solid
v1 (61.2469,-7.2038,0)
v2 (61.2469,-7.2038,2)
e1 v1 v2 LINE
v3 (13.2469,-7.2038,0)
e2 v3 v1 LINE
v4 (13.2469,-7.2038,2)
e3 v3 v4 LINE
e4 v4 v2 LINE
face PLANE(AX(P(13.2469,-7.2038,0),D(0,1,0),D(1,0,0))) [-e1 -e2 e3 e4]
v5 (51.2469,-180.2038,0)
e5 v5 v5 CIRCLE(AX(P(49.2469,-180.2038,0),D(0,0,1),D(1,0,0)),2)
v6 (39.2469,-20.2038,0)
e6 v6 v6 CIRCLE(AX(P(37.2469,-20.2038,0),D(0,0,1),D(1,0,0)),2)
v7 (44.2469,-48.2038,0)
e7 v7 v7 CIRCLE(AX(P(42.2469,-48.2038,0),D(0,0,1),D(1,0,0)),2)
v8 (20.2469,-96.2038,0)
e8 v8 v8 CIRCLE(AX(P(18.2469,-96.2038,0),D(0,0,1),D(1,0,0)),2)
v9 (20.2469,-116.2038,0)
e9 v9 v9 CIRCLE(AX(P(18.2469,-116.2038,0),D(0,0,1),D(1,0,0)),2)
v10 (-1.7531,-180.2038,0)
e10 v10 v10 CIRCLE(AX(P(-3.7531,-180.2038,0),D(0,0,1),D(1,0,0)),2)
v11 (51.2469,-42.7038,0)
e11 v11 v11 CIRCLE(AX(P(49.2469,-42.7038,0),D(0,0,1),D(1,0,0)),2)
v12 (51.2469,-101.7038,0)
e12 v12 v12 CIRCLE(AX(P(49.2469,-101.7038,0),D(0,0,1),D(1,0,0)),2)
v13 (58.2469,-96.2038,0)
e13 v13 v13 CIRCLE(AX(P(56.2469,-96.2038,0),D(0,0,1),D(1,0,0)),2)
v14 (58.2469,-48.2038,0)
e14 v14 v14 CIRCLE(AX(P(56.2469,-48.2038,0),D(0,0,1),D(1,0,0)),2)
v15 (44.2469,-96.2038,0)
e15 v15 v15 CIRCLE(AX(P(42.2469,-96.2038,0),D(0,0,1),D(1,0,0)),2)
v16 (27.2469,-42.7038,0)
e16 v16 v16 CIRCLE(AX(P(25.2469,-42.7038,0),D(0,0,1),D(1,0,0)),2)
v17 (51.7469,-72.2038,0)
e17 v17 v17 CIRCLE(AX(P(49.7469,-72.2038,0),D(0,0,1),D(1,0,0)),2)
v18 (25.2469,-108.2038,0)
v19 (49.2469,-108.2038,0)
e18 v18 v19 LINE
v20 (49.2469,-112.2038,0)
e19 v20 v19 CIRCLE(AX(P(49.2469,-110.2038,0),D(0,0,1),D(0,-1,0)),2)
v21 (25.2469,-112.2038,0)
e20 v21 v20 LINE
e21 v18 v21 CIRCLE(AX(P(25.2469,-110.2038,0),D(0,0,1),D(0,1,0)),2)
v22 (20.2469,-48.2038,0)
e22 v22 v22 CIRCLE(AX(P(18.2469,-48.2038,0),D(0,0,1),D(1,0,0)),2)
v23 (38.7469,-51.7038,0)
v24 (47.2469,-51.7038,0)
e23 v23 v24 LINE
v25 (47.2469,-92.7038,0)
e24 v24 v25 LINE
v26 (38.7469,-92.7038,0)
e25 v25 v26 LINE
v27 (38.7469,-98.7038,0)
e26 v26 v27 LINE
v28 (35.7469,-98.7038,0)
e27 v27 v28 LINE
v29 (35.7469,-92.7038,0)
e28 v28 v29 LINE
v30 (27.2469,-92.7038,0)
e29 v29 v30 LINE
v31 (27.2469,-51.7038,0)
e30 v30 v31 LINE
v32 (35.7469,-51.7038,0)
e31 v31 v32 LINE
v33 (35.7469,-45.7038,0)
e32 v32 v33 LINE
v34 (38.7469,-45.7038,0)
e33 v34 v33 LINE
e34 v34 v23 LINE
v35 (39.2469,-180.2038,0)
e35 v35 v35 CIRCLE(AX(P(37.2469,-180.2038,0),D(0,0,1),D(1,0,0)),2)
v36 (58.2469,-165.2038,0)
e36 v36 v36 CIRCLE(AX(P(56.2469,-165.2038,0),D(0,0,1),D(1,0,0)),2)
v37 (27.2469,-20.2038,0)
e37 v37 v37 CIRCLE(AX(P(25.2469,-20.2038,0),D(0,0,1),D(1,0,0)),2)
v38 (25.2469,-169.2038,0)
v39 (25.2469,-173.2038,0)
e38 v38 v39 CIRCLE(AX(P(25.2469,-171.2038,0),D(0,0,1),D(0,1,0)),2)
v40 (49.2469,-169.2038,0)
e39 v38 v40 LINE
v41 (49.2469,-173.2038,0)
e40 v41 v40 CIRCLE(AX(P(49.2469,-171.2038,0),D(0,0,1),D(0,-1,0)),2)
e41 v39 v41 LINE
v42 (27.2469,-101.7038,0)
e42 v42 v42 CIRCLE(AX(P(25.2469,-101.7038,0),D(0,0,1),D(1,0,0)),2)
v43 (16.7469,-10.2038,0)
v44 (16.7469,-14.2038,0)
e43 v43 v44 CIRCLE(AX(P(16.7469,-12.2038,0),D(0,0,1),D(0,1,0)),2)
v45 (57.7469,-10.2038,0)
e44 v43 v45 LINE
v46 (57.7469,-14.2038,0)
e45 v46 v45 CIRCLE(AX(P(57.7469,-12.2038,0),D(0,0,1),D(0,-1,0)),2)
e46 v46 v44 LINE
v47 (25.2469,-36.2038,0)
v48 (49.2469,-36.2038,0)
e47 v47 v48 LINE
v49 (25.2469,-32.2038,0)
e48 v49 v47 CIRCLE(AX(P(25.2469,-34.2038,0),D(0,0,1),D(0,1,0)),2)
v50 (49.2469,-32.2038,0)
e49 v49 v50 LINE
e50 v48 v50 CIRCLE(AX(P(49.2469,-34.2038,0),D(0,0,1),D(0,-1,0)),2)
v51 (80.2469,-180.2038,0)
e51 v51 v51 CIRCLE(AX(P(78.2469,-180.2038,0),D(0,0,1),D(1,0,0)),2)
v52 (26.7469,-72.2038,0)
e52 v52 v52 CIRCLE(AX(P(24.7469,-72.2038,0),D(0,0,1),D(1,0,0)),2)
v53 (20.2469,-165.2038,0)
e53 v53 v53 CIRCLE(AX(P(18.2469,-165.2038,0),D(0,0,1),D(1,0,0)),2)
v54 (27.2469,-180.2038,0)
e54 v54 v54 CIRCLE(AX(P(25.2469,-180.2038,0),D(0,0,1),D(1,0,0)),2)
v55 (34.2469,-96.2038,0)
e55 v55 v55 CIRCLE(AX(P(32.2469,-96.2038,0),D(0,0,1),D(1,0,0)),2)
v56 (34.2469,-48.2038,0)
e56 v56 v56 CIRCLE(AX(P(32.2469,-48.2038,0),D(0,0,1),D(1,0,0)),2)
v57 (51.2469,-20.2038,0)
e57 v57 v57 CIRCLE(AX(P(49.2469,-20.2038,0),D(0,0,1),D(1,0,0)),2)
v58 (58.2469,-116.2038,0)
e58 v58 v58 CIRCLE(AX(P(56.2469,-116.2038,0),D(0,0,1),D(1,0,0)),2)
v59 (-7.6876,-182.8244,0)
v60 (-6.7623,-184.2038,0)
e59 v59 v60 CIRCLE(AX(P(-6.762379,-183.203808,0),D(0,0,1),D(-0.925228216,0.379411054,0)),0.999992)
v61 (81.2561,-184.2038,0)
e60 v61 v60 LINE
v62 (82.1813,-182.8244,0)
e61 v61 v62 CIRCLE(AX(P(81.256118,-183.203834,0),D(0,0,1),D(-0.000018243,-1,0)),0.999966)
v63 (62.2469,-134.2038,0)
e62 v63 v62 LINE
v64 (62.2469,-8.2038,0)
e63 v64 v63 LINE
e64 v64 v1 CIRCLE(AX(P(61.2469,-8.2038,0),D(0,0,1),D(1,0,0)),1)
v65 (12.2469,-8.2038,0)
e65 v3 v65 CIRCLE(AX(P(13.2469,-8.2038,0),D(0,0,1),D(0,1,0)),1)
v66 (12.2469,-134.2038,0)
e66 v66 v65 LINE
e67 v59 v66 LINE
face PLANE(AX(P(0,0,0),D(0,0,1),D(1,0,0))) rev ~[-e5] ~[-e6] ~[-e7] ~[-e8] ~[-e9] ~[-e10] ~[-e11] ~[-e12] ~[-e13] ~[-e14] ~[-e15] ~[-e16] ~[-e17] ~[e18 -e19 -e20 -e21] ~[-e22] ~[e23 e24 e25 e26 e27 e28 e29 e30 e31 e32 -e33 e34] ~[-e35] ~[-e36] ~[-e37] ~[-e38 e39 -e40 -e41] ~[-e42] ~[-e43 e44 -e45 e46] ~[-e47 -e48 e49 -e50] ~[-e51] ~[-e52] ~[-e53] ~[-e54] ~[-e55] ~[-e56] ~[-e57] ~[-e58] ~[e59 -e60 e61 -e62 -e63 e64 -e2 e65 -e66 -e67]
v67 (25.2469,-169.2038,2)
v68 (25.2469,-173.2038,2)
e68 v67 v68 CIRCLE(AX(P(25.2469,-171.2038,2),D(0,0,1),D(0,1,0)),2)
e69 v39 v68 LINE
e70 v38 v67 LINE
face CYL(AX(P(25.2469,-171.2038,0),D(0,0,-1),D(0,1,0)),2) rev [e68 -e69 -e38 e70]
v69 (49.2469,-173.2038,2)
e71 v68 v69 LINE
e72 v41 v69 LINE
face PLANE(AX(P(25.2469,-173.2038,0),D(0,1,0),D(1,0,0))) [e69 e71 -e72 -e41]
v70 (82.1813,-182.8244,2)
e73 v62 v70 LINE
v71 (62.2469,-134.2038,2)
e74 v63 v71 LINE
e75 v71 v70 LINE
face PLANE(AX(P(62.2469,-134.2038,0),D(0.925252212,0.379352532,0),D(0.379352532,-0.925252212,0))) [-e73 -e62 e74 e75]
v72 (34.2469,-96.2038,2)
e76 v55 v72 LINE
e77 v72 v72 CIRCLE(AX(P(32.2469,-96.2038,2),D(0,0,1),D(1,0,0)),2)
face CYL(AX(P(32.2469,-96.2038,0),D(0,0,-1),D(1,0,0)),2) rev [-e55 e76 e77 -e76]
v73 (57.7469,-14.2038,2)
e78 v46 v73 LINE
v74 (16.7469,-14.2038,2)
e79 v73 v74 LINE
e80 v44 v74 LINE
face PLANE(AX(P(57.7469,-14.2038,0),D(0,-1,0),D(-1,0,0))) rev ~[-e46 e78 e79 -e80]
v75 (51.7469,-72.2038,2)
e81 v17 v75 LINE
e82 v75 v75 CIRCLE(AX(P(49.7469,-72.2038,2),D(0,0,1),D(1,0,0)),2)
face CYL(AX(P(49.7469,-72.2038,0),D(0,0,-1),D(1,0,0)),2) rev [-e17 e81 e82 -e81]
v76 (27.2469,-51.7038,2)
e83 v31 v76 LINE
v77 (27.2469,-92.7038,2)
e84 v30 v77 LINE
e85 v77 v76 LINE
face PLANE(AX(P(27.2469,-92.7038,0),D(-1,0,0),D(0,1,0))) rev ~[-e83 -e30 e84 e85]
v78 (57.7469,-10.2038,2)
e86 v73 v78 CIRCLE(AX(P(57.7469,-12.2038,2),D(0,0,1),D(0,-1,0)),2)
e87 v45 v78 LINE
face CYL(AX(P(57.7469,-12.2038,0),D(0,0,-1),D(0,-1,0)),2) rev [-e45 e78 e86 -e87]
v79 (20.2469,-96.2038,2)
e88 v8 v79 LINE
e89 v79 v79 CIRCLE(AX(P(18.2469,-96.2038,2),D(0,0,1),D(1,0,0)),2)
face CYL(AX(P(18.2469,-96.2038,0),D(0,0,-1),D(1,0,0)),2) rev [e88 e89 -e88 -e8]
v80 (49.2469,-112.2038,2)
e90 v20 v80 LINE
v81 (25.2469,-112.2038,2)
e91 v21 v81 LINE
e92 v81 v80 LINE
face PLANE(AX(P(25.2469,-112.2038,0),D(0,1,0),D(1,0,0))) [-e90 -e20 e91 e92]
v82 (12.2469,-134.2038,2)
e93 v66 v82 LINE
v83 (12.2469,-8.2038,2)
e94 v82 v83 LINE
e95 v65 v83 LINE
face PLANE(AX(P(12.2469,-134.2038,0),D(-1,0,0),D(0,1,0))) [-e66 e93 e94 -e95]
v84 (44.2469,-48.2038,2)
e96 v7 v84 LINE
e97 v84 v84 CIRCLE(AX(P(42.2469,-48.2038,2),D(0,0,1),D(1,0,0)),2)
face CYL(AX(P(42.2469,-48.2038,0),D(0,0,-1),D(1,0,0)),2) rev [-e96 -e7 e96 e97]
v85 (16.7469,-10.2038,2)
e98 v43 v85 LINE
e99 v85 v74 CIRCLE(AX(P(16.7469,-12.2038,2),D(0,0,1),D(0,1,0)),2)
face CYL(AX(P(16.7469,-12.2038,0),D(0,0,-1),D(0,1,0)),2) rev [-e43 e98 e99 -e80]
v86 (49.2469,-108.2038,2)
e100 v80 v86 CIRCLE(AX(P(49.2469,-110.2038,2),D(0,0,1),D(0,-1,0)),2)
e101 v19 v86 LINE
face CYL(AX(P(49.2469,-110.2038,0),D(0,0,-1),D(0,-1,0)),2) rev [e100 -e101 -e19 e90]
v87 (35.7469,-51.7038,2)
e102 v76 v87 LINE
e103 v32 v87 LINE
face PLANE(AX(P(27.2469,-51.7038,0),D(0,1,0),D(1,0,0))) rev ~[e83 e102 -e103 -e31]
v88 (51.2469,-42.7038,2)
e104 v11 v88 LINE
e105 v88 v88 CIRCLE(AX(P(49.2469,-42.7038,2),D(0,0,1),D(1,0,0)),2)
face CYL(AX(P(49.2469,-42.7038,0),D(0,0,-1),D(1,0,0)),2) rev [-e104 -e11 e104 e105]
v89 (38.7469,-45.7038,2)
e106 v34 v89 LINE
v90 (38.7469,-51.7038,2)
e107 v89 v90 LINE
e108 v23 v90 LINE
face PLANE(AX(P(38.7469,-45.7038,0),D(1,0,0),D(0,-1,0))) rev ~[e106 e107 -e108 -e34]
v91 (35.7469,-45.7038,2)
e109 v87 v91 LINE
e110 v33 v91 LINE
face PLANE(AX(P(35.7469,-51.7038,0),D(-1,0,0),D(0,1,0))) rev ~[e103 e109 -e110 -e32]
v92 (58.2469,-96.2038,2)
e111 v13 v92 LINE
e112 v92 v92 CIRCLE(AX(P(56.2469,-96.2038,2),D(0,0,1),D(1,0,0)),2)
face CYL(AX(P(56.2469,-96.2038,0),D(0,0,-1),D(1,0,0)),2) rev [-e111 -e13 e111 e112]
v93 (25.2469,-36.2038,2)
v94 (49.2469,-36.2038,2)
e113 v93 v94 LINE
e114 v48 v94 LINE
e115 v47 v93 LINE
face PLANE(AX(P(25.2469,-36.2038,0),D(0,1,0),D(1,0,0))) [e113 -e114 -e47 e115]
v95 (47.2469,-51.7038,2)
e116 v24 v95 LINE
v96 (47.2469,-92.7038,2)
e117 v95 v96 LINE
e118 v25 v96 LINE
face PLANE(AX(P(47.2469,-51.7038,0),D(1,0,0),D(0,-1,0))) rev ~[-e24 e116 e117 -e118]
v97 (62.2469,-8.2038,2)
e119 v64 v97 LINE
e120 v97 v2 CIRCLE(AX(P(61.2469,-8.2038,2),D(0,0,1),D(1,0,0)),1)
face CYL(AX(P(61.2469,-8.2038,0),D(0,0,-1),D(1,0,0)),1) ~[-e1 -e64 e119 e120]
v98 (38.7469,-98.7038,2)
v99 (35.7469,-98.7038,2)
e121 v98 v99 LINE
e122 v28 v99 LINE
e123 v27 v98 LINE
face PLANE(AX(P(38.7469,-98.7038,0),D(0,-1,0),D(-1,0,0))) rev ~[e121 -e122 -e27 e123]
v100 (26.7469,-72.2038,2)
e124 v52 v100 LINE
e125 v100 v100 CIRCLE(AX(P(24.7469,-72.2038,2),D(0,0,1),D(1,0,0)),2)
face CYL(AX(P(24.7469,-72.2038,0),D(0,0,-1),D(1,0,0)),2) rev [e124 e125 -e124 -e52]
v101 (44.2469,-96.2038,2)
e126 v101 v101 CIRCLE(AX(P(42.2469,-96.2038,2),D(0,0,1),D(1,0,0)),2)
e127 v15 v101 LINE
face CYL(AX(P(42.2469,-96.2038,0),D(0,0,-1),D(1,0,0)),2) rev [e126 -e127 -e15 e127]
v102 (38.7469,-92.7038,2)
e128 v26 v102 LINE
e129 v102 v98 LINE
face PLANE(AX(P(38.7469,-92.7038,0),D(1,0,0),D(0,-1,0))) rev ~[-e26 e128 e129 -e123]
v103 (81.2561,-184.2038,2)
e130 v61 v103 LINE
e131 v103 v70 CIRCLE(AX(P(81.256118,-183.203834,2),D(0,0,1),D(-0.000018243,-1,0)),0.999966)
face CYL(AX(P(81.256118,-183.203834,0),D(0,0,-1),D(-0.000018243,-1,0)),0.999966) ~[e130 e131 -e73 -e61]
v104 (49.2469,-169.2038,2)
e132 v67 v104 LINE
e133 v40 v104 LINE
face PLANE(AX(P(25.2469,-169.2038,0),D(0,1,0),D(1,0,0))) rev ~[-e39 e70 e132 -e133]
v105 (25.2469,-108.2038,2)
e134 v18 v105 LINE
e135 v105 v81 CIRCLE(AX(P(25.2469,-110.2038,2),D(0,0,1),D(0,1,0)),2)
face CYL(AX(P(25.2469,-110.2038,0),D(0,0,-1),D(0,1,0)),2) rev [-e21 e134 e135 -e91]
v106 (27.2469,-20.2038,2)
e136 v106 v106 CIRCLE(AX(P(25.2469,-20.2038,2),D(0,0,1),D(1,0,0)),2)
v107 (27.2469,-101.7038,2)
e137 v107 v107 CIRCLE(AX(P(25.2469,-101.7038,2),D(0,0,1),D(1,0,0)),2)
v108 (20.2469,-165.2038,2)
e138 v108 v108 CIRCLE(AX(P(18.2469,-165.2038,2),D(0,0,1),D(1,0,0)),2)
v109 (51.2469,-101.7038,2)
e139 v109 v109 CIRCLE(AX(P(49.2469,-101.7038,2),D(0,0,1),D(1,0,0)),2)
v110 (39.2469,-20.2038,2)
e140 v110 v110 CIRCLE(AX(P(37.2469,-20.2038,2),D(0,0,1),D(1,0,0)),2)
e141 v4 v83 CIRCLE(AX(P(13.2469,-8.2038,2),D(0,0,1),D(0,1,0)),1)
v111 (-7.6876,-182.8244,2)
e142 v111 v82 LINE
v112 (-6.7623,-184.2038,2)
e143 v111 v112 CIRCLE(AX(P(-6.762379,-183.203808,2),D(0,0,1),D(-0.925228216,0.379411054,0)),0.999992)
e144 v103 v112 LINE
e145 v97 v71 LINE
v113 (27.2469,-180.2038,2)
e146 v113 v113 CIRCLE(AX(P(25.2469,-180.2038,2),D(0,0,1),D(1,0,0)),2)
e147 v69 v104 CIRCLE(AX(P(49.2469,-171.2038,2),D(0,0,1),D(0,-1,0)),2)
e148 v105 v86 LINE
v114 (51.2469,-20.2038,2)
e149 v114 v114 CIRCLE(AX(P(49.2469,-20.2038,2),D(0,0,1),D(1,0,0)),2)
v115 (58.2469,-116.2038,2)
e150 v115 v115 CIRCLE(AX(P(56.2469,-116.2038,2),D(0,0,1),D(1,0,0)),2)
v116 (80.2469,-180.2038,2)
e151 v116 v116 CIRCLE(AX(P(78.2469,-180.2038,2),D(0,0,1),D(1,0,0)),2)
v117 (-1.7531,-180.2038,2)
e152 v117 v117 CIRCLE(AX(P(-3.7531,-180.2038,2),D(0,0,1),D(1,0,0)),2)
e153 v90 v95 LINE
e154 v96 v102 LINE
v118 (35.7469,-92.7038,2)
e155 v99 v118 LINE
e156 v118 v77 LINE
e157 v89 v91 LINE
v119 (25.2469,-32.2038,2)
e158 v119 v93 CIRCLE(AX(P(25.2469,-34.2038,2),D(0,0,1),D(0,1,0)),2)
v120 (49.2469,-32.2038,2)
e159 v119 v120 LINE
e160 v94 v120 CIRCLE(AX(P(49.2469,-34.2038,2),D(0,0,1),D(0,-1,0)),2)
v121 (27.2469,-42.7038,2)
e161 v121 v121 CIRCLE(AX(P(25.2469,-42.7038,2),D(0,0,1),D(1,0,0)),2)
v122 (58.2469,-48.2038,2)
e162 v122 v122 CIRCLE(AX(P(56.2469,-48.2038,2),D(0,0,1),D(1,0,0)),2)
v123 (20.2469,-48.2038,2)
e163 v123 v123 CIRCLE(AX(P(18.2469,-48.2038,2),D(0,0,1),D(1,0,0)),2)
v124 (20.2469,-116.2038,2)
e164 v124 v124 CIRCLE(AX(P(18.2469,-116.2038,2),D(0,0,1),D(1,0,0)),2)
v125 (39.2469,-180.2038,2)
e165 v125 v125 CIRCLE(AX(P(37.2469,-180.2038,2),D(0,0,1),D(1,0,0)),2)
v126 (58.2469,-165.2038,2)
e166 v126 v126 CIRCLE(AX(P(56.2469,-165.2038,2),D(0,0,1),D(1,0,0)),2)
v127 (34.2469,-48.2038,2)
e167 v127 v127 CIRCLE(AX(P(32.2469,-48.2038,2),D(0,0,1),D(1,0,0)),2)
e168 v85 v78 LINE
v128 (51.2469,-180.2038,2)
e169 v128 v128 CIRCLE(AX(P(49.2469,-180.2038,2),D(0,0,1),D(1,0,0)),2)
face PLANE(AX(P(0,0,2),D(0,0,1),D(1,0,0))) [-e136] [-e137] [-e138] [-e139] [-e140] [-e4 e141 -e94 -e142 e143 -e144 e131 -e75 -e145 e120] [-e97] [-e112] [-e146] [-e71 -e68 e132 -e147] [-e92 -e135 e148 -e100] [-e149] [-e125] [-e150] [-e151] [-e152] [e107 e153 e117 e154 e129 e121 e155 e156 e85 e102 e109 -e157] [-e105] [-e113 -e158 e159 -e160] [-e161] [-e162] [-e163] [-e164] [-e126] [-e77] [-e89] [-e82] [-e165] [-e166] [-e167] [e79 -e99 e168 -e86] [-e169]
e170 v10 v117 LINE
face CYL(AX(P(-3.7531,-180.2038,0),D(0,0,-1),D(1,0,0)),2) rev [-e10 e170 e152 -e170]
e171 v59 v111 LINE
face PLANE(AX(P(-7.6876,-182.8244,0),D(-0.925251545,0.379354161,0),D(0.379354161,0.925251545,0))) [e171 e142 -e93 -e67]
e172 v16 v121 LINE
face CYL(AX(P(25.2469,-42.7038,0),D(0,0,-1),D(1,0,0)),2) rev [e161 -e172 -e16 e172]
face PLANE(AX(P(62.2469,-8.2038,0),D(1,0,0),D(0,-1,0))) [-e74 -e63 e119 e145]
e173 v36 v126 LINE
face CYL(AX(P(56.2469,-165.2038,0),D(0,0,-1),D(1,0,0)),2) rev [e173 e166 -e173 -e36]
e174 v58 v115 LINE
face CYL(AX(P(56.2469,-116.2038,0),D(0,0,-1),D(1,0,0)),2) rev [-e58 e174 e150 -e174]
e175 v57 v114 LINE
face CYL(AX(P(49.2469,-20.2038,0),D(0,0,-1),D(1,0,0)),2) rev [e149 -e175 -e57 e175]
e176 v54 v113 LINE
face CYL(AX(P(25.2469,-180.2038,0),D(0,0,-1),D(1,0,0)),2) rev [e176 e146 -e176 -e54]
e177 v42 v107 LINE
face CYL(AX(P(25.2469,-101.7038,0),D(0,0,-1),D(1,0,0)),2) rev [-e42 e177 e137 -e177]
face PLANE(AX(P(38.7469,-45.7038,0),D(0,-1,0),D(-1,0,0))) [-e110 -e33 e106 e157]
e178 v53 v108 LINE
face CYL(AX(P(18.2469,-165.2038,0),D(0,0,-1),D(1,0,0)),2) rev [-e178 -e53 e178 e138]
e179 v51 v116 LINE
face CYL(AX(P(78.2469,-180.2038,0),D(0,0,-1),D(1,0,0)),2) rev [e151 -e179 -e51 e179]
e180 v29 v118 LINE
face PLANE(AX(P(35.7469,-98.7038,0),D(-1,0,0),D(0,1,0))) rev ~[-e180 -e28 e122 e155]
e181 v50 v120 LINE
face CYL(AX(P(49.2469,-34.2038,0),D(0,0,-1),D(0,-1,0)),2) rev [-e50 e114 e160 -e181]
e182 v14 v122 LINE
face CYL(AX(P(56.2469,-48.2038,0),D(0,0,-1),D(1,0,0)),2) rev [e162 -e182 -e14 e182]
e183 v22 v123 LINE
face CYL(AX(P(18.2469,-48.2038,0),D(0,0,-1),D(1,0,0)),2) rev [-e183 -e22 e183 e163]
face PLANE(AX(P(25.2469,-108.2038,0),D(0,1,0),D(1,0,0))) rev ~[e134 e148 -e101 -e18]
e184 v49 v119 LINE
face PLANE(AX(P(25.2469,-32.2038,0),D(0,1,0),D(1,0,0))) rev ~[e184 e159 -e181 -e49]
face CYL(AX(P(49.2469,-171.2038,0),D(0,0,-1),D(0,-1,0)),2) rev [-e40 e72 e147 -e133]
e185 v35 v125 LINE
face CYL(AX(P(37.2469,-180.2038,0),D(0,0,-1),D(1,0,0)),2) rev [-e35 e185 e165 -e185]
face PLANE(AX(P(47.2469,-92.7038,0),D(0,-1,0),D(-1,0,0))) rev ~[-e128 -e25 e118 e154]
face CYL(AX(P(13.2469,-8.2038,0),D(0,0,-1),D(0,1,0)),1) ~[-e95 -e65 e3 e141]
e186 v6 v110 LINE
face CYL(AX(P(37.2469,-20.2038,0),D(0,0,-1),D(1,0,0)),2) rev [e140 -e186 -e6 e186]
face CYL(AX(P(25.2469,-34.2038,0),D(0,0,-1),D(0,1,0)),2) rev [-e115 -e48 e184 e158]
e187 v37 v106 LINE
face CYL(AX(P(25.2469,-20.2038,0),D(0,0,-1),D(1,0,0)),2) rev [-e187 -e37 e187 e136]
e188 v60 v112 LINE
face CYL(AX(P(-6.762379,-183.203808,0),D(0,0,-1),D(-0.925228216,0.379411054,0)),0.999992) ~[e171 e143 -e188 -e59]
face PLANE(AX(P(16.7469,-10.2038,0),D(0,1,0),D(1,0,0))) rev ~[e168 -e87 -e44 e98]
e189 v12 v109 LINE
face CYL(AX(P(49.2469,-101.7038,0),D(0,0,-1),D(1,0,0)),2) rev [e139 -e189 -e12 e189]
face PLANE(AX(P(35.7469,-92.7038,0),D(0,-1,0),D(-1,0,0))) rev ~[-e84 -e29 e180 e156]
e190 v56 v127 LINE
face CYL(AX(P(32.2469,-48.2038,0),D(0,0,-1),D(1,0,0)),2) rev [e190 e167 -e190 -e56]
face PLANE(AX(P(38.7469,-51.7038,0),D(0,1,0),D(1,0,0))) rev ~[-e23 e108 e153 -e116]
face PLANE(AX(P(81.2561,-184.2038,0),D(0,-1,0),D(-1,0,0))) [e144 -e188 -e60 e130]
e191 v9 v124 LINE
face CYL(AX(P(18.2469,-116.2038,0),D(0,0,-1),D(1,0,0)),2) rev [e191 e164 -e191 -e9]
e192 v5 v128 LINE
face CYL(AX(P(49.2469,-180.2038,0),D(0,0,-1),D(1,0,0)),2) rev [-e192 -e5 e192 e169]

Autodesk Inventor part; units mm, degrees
ref_plane "YZ Plane" through (0, 0, 0) normal (1, 0, 0) x (0, 1, 0)
ref_plane "XZ Plane" through (0, 0, 0) normal (0, 1, 0) x (-1, 0, 0)
ref_plane "XY Plane" through (0, 0, 0) normal (0, 0, 1) x (1, 0, 0)
sketch "Эскиз1" plane through (0, 0, 0) normal (0, 0, 1) x (1, 0, 0)
  line L0 (13.2469, -7.2038) -> (61.2469, -7.2038)
  line L1 (62.2469, -8.2038) -> (62.2469, -134.2038)
  line L2 (81.2561, -184.2038) -> (-6.7623, -184.2038)
  line L3 (12.2469, -134.2038) -> (12.2469, -8.2038)
  line L4 (-7.6876, -182.8244) -> (12.2469, -134.2038)
  line L5 (62.2469, -134.2038) -> (82.1813, -182.8244)
  circle A0 centre (25.2469, -180.2038) radius 2
  circle A1 centre (78.2469, -180.2038) radius 2
  arc A2 (-7.6876, -182.8244) -> (-6.7623, -184.2038) centre (-6.7623, -183.2038) ccw
  arc A3 (81.2561, -184.2038) -> (82.1813, -182.8244) centre (81.2561, -183.2038) ccw
  arc A4 (62.2469, -8.2038) -> (61.2469, -7.2038) centre (61.2469, -8.2038) ccw
  arc A5 (13.2469, -7.2038) -> (12.2469, -8.2038) centre (13.2469, -8.2038) ccw
  arc A6 (57.7469, -14.2038) -> (57.7469, -10.2038) centre (57.7469, -12.2038) ccw
  arc A7 (16.7469, -10.2038) -> (16.7469, -14.2038) centre (16.7469, -12.2038) ccw
  line L6 (16.7469, -10.2038) -> (57.7469, -10.2038)
  line L7 (57.7469, -14.2038) -> (16.7469, -14.2038)
  circle A8 centre (49.2469, -20.2038) radius 2
  line L8 (38.7469, -45.7038) -> (35.7469, -45.7038)
  line L9 (38.7469, -45.7038) -> (38.7469, -51.7038)
  line L10 (38.7469, -51.7038) -> (47.2469, -51.7038)
  line L11 (47.2469, -51.7038) -> (47.2469, -92.7038)
  line L12 (47.2469, -92.7038) -> (38.7469, -92.7038)
  line L13 (38.7469, -92.7038) -> (38.7469, -98.7038)
  line L14 (38.7469, -98.7038) -> (35.7469, -98.7038)
  line L15 (35.7469, -98.7038) -> (35.7469, -92.7038)
  line L16 (35.7469, -92.7038) -> (27.2469, -92.7038)
  line L17 (27.2469, -92.7038) -> (27.2469, -51.7038)
  line L18 (27.2469, -51.7038) -> (35.7469, -51.7038)
  line L19 (35.7469, -51.7038) -> (35.7469, -45.7038)
  circle A9 centre (24.7469, -72.2038) radius 2
  circle A10 centre (49.7469, -72.2038) radius 2
  arc A11 (25.2469, -32.2038) -> (25.2469, -36.2038) centre (25.2469, -34.2038) ccw
  line L20 (25.2469, -32.2038) -> (49.2469, -32.2038)
  line L21 (25.2469, -36.2038) -> (49.2469, -36.2038)
  arc A12 (49.2469, -36.2038) -> (49.2469, -32.2038) centre (49.2469, -34.2038) ccw
  arc A13 (49.2469, -36.2038) -> (49.2469, -32.2038) centre (49.2469, -34.2038) ccw
  circle A14 centre (42.2469, -48.2038) radius 2
  circle A15 centre (49.2469, -42.7038) radius 2
  circle A16 centre (56.2469, -48.2038) radius 2
  circle A17 centre (32.2469, -48.2038) radius 2
  circle A18 centre (25.2469, -42.7038) radius 2
  circle A19 centre (18.2469, -48.2038) radius 2
  arc A20 (25.2469, -108.2038) -> (25.2469, -112.2038) centre (25.2469, -110.2038) ccw
  line L22 (25.2469, -112.2038) -> (49.2469, -112.2038)
  line L23 (25.2469, -108.2038) -> (49.2469, -108.2038)
  arc A21 (49.2469, -112.2038) -> (49.2469, -108.2038) centre (49.2469, -110.2038) ccw
  arc A22 (49.2469, -112.2038) -> (49.2469, -108.2038) centre (49.2469, -110.2038) ccw
  circle A23 centre (42.2469, -96.2038) radius 2
  circle A24 centre (49.2469, -101.7038) radius 2
  circle A25 centre (56.2469, -96.2038) radius 2
  circle A26 centre (18.2469, -96.2038) radius 2
  circle A27 centre (32.2469, -96.2038) radius 2
  circle A28 centre (25.2469, -101.7038) radius 2
  circle A29 centre (56.2469, -116.2038) radius 2
  circle A30 centre (18.2469, -116.2038) radius 2
  arc A31 (49.2469, -173.2038) -> (49.2469, -169.2038) centre (49.2469, -171.2038) ccw
  arc A32 (25.2469, -169.2038) -> (25.2469, -173.2038) centre (25.2469, -171.2038) ccw
  line L24 (25.2469, -169.2038) -> (49.2469, -169.2038)
  line L25 (25.2469, -173.2038) -> (49.2469, -173.2038)
  circle A33 centre (49.2469, -180.2038) radius 2
  circle A34 centre (37.2469, -180.2038) radius 2
  circle A35 centre (56.2469, -165.2038) radius 2
  circle A36 centre (18.2469, -165.2038) radius 2
  circle A37 centre (-3.7531, -180.2038) radius 2
  circle A38 centre (37.2469, -20.2038) radius 2
  circle A39 centre (25.2469, -20.2038) radius 2
  point P0 (0, 0)
  point P1 (82.7469, -184.2038)
  point P2 (-8.2531, -184.2038)
extrude "Выдавливание2" add sketch "Эскиз1" along normal blind 2
properties part number "Рама"
